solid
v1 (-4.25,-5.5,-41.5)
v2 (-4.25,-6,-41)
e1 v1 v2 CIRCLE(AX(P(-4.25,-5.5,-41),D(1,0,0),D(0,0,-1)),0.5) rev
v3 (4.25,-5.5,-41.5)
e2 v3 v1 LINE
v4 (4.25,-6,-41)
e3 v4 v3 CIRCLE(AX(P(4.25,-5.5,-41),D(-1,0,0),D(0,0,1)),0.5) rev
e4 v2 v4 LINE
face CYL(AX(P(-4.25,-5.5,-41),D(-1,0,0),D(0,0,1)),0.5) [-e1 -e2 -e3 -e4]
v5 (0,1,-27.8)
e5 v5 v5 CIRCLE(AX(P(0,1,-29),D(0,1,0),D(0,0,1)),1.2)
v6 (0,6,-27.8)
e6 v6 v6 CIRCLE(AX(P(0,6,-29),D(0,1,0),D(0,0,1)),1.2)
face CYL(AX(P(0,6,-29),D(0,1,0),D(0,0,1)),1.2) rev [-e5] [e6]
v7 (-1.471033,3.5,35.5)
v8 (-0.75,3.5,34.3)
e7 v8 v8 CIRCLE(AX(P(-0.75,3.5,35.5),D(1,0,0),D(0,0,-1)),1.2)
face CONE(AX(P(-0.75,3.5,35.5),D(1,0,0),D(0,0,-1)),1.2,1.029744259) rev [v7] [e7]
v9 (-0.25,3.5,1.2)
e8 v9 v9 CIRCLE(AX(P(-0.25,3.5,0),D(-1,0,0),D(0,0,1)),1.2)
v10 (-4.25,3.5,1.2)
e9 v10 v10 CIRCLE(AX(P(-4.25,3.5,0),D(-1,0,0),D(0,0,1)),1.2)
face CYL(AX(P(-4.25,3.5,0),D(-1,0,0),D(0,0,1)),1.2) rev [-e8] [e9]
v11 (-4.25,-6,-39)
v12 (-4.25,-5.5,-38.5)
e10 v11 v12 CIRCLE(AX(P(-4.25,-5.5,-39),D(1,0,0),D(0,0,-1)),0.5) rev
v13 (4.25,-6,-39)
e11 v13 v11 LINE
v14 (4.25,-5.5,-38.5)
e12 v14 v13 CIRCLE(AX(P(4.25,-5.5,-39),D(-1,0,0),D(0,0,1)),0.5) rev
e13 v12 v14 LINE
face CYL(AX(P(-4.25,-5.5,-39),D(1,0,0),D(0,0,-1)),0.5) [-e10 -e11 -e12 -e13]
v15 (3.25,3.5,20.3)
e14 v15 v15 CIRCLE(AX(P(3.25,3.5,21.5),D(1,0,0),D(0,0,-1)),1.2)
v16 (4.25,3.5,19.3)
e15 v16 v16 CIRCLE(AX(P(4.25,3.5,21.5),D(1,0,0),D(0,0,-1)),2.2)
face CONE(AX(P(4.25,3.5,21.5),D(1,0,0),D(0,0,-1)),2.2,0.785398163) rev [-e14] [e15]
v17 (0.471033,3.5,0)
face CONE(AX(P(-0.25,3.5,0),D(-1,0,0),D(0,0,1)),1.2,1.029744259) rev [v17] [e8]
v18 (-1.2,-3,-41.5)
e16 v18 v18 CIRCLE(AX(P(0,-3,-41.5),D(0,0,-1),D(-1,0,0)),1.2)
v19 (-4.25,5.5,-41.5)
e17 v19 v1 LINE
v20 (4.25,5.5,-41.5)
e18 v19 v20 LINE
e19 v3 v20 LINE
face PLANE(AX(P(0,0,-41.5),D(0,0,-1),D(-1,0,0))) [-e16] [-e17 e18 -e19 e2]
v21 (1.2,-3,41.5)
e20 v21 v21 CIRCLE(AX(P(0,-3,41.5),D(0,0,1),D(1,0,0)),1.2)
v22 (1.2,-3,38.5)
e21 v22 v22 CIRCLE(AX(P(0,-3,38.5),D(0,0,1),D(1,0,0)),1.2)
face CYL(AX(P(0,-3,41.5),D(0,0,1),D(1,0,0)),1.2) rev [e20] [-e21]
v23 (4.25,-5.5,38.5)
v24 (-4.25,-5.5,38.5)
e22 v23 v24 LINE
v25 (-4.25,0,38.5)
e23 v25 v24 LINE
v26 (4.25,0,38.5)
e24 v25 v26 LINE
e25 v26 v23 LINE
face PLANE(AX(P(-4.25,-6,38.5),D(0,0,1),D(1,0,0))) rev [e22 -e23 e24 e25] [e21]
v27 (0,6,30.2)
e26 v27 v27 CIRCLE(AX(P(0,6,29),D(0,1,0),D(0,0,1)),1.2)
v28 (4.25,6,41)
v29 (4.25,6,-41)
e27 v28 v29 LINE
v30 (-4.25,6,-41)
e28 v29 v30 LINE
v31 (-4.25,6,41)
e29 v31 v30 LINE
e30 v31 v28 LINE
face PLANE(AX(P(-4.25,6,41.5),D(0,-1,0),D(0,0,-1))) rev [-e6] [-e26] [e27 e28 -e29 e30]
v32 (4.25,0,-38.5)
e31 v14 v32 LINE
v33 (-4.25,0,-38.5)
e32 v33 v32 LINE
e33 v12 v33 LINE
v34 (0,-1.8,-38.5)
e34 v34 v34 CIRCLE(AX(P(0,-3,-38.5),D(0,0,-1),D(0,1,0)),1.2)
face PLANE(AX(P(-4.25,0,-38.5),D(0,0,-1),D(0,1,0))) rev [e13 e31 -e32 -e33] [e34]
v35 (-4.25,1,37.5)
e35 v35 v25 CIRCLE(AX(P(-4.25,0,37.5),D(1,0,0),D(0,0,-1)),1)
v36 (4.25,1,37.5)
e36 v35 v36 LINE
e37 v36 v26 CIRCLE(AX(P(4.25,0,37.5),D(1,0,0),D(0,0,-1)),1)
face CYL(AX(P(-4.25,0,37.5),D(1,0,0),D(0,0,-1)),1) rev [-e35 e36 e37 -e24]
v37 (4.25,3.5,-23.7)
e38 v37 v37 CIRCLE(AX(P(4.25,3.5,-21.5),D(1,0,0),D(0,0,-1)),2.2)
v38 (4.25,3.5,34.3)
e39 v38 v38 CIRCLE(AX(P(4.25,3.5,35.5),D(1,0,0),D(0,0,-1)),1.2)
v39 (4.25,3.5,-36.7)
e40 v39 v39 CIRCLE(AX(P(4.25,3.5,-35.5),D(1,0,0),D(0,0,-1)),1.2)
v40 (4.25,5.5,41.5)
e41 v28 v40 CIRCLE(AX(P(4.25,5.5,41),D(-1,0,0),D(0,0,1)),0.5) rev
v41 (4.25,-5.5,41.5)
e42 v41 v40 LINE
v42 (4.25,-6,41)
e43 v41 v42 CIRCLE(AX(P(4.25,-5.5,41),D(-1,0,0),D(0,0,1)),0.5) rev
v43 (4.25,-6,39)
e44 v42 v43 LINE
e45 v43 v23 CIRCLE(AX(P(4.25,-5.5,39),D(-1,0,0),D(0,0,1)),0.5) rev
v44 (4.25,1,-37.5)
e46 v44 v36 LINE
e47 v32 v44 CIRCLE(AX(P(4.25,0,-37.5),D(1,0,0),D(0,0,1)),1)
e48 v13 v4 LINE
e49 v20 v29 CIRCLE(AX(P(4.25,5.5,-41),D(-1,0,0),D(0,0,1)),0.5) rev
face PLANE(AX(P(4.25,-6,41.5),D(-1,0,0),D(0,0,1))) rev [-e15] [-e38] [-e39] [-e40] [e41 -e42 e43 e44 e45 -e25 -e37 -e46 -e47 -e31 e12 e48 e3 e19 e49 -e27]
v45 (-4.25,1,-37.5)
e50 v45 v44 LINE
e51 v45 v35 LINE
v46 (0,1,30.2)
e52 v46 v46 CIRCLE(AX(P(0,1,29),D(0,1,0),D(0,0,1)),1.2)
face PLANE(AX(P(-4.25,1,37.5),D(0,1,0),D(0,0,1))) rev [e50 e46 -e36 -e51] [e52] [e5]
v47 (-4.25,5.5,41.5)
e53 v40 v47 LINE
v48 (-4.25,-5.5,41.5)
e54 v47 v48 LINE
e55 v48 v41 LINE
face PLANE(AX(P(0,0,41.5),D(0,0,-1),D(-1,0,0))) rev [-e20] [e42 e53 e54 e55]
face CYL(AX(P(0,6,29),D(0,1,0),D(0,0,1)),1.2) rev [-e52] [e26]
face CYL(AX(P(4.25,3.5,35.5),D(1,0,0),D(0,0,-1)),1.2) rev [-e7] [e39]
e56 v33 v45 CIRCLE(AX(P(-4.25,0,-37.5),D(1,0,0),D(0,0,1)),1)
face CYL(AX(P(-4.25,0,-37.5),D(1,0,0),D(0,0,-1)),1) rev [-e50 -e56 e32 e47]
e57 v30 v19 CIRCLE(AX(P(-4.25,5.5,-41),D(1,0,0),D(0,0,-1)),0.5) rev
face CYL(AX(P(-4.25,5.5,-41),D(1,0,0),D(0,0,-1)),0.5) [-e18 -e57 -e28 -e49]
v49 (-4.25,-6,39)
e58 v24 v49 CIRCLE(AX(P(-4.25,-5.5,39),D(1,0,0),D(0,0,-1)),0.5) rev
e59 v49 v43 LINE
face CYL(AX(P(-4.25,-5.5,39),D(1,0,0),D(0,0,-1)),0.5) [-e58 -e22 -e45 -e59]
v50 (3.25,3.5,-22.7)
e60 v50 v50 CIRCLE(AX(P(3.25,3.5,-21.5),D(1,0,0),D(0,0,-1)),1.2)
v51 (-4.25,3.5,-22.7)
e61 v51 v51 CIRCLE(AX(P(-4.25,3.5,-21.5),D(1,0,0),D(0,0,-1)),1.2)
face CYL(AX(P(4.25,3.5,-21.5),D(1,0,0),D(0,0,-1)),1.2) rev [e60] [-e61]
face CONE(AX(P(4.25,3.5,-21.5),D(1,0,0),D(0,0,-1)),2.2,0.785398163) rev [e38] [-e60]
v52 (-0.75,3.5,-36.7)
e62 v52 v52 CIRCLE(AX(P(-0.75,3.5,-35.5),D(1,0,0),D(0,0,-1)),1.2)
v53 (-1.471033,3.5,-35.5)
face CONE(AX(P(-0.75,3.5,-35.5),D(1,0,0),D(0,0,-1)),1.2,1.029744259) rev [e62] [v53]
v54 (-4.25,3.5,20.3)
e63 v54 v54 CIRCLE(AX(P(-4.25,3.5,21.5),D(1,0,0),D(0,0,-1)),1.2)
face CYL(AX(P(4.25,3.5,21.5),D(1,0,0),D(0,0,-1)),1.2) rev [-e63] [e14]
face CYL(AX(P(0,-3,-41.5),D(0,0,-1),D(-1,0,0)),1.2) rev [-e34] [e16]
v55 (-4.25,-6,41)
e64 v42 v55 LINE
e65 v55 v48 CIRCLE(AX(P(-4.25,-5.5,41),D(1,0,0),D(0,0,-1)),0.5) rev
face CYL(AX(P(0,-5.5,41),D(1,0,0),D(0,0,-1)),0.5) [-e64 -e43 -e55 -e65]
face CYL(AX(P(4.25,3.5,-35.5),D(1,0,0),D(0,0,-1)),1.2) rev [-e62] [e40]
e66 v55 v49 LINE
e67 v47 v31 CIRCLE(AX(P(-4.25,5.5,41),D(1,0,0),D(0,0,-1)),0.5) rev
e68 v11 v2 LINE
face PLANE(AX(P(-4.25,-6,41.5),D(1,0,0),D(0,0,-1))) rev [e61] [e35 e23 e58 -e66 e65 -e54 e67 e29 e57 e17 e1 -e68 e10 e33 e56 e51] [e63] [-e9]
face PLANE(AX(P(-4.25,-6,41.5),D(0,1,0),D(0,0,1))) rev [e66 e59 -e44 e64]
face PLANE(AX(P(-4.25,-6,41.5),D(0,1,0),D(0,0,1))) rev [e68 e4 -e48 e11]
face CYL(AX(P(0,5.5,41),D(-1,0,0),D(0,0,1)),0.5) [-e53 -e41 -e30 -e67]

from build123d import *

# Parameters (mm, degrees)
SKETCH1_W              = 8.5
SKETCH1_H              = 12
BOSS_EXTRUDE1_DEPTH    = 41.5
CUT_EXTRUDE1_DEPTH     = 43.784342931
FILLET1_R              = 0.5
M2_HOLE1_J_D           = 2.4
M2_HOLE1_J_DEPTH       = 5
M2_HOLE1_J_TIP         = 0.721032743
M2_HOLE2_K_D           = 2.4
M2_HOLE2_K_CSINK_D     = 4.4
M2_HOLE2_K_CSINK_ANGLE = 90
M2_HOLE3_L_D           = 2.4
M2_HOLE3_L_DEPTH       = 10
M2_HOLE3_L_TIP         = 0.721032743
M2_HOLE4_M_D           = 2.4
M2_HOLE5_N_D           = 2.4
M2_HOLE5_N_DEPTH       = 4
M2_HOLE5_N_TIP         = 0.721032743
M2_HOLE6_P_D           = 2.4
M2_HOLE6_P_DEPTH       = 10
M2_HOLE6_P_TIP         = 0.721032743


with BuildPart() as part:
    # Sketch1 → Boss-Extrude1 (new, symmetric)
    with BuildSketch(Plane.XY):
        Rectangle(SKETCH1_W, SKETCH1_H)
    extrude(amount=BOSS_EXTRUDE1_DEPTH, both=True)

    # Sketch2 → Cut-Extrude1 (cut, through all)
    with BuildSketch(Plane(origin=(4.25, 0, 0), x_dir=(0, 0, -1), z_dir=(1, 0, 0))):
        with BuildLine():
            Line((-37.5, 1), (37.5, 1))
            ThreePointArc((37.5, 1), (38.207106781, 0.707106781), (38.5, 0))
            Line((38.5, 0), (38.5, -6))
            Line((38.5, -6), (-38.5, -6))
            Line((-38.5, -6), (-38.5, 0))
            ThreePointArc((-38.5, 0), (-38.207106781, 0.707106781), (-37.5, 1))
        make_face()
    extrude(amount=-CUT_EXTRUDE1_DEPTH, mode=Mode.SUBTRACT)

    # Fillet1
    fillet1_edges = [part.edges().sort_by_distance(p)[0] for p in [
        (0, -6, 41.5),
        (0, -6, -38.5),
        (0, -6, 38.5),
        (0, -6, -41.5),
        (0, 6, -41.5),
        (0, 6, 41.5),
    ]]
    fillet(fillet1_edges, radius=FILLET1_R)

    # M2 Hole1 - J
    with Locations(Plane(origin=(4.25, 0, 0), x_dir=(0, 0, -1), z_dir=(1, 0, 0))):
        with Locations((-35.5, 3.5), (35.5, 3.5)):
            Hole(M2_HOLE1_J_D / 2, depth=M2_HOLE1_J_DEPTH)
            with Locations((0, 0, -(M2_HOLE1_J_DEPTH + M2_HOLE1_J_TIP / 2))):  # 118° drill point
                Cone(0, M2_HOLE1_J_D / 2, M2_HOLE1_J_TIP, mode=Mode.SUBTRACT)

    # M2 Hole2 - K (through all)
    with Locations(Plane(origin=(4.25, 0, 0), x_dir=(0, 0, -1), z_dir=(1, 0, 0))):
        with Locations((-21.5, 3.5), (21.5, 3.5)):
            CounterSinkHole(M2_HOLE2_K_D / 2, M2_HOLE2_K_CSINK_D / 2, counter_sink_angle=M2_HOLE2_K_CSINK_ANGLE)

    # M2 Hole3 - L
    with Locations(Plane.XY.offset(41.5)):
        with Locations((0, -3)):
            Hole(M2_HOLE3_L_D / 2, depth=M2_HOLE3_L_DEPTH)
            with Locations((0, 0, -(M2_HOLE3_L_DEPTH + M2_HOLE3_L_TIP / 2))):  # 118° drill point
                Cone(0, M2_HOLE3_L_D / 2, M2_HOLE3_L_TIP, mode=Mode.SUBTRACT)

    # M2 Hole4 - M (through all)
    with Locations(Plane(origin=(0, 6, 0), x_dir=(1, 0, 0), z_dir=(0, 1, 0))):
        with Locations((0, 29), (0, -29)):
            Hole(M2_HOLE4_M_D / 2)

    # M2 Hole5 - N
    with Locations(Plane.ZY.offset(4.25)):
        with Locations((0, 3.5)):
            Hole(M2_HOLE5_N_D / 2, depth=M2_HOLE5_N_DEPTH)
            with Locations((0, 0, -(M2_HOLE5_N_DEPTH + M2_HOLE5_N_TIP / 2))):  # 118° drill point
                Cone(0, M2_HOLE5_N_D / 2, M2_HOLE5_N_TIP, mode=Mode.SUBTRACT)

    # M2 Hole6 - P
    with Locations(Plane(origin=(0, 0, -41.5), x_dir=(-1, 0, 0), z_dir=(0, 0, -1))):
        with Locations((0, -3)):
            Hole(M2_HOLE6_P_D / 2, depth=M2_HOLE6_P_DEPTH)
            with Locations((0, 0, -(M2_HOLE6_P_DEPTH + M2_HOLE6_P_TIP / 2))):  # 118° drill point
                Cone(0, M2_HOLE6_P_D / 2, M2_HOLE6_P_TIP, mode=Mode.SUBTRACT)


solid = part.part
